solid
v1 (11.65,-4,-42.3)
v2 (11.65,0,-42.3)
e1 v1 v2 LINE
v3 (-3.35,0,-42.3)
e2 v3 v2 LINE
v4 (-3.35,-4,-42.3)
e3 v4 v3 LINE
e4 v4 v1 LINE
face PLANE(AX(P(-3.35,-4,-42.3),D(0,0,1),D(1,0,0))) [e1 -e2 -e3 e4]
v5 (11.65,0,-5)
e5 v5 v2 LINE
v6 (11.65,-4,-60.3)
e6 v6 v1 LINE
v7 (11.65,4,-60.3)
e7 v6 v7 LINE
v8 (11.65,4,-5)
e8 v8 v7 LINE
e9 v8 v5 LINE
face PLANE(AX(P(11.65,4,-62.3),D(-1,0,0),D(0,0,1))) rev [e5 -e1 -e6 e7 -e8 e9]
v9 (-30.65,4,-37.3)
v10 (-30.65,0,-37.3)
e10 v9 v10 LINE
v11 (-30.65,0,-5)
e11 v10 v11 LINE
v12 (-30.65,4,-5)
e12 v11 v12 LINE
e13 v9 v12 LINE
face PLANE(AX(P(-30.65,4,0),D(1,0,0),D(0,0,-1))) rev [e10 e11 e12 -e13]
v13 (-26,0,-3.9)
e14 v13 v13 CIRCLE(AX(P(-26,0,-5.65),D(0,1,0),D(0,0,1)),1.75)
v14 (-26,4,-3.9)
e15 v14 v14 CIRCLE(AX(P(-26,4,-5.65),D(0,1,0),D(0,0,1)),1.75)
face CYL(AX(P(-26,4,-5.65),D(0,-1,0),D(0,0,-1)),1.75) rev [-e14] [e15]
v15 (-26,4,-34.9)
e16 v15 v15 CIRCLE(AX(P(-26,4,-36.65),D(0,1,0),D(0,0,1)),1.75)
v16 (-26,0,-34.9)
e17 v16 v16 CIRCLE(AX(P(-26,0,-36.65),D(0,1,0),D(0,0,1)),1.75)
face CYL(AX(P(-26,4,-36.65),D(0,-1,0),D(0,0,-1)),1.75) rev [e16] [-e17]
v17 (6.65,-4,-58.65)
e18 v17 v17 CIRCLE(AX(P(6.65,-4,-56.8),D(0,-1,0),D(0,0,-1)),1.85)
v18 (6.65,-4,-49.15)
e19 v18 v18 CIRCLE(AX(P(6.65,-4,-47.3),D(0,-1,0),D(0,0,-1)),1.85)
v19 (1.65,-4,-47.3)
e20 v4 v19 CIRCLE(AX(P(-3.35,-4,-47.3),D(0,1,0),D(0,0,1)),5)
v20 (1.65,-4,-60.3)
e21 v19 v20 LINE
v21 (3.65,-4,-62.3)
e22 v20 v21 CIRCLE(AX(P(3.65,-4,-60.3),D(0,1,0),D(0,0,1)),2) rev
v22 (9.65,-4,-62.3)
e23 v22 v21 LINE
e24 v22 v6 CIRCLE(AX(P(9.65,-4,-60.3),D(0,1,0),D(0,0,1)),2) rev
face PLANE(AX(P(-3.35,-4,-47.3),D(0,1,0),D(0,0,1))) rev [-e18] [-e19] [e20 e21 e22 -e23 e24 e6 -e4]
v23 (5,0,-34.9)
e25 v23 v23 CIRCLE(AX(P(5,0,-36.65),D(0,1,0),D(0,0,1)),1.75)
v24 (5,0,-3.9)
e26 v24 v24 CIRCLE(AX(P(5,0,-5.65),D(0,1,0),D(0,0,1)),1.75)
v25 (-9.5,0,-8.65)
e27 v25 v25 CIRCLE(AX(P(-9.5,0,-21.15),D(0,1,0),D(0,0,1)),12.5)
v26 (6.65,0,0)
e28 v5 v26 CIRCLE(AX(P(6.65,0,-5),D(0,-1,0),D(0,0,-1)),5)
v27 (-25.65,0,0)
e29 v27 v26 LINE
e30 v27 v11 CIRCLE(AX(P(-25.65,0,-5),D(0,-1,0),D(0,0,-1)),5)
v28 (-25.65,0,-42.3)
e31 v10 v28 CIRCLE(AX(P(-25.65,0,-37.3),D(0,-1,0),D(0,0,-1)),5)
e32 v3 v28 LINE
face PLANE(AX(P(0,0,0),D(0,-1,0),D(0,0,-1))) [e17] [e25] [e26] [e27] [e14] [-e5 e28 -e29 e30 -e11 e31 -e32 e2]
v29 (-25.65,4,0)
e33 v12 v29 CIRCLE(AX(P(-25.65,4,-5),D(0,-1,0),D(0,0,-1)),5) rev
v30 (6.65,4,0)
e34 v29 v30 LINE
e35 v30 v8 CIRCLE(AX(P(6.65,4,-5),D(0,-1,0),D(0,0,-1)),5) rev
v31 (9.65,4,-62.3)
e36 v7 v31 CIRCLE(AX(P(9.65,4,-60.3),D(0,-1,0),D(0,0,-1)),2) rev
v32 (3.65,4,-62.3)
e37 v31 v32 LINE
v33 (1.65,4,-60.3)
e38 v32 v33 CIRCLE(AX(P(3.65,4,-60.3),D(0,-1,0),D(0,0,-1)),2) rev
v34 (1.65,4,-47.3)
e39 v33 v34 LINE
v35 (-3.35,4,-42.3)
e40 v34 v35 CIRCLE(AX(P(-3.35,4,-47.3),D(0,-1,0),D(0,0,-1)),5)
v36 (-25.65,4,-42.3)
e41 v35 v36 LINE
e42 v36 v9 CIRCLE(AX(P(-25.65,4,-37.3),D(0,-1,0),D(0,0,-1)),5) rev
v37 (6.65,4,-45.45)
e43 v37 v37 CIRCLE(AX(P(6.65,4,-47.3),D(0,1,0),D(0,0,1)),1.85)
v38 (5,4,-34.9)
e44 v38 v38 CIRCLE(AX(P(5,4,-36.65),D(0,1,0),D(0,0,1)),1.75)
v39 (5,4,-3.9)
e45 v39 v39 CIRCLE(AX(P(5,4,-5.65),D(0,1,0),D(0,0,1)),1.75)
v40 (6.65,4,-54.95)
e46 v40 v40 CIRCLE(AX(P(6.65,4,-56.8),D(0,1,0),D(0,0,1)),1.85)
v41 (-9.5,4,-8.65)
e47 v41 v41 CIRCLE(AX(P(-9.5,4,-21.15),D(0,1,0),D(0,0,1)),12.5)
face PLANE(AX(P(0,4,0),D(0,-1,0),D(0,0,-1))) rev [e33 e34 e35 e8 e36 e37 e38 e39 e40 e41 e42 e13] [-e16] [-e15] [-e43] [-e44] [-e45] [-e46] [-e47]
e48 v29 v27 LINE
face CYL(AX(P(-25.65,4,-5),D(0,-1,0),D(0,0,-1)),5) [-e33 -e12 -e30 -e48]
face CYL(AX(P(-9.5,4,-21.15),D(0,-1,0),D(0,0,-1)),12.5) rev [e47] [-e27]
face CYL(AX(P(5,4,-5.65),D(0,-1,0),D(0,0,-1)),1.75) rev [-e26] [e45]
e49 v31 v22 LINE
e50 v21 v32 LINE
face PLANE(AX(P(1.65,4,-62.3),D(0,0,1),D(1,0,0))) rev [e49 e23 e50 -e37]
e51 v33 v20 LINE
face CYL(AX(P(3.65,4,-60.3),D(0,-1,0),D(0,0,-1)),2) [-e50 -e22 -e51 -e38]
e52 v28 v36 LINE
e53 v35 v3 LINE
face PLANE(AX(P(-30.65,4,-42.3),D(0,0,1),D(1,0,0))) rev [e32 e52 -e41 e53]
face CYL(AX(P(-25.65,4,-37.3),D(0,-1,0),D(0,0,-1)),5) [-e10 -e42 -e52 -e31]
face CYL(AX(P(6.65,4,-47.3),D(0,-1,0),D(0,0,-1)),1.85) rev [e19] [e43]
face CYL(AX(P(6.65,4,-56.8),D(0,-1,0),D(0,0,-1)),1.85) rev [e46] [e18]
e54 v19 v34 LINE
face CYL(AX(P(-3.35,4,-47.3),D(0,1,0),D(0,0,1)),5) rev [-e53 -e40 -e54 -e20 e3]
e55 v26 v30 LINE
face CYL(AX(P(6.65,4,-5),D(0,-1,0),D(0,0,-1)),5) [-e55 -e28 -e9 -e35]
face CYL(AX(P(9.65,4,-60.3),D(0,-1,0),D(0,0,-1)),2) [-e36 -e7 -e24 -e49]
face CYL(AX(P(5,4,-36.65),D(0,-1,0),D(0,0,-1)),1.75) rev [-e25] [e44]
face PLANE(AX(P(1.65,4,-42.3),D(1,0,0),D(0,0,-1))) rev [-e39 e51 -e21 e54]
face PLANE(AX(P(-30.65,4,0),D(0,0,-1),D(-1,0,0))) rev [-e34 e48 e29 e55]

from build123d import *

# Parameters (mm, degrees)
SKETCH2_R           = 1.75
SKETCH2_R_2         = 12.5
SKETCH2_R_3         = 1.85
BOSS_EXTRUDE1_DEPTH = 4
FILLET1_R           = 5
FILLET8_R           = 5
SKETCH5_R           = 1.85
BOSS_EXTRUDE2_DEPTH = 4
FILLET10_R          = 2


with BuildPart() as part:
    # Sketch2 → Boss-Extrude1 (new body)
    with BuildSketch(Plane(origin=(0, 0, 0), x_dir=(1, 0, 0), z_dir=(0, 1, 0))):
        Polygon((-30.65, 0), (-30.65, 42.3), (1.65, 42.3), (1.65, 62.3), (11.65, 62.3), (11.65, 42.3), (11.65, 0), align=None)
        with Locations((5, 5.65)):
            Circle(SKETCH2_R, mode=Mode.SUBTRACT)
        with Locations((5, 36.65)):
            Circle(SKETCH2_R, mode=Mode.SUBTRACT)
        with Locations((-26, 5.65)):
            Circle(SKETCH2_R, mode=Mode.SUBTRACT)
        with Locations((-26, 36.65)):
            Circle(SKETCH2_R, mode=Mode.SUBTRACT)
        with Locations((-9.5, 21.15)):
            Circle(SKETCH2_R_2, mode=Mode.SUBTRACT)
        with Locations((6.65, 56.8)):
            Circle(SKETCH2_R_3, mode=Mode.SUBTRACT)
        with Locations((6.65, 47.3)):
            Circle(SKETCH2_R_3, mode=Mode.SUBTRACT)
    extrude(amount=BOSS_EXTRUDE1_DEPTH)

    # Fillet1
    fillet1_edges = [part.edges().sort_by_distance(p)[0] for p in [
        (11.65, 2, 0),
        (-30.65, 2, 0),
        (-30.65, 2, -42.3),
    ]]
    fillet(fillet1_edges, radius=FILLET1_R)

    # Fillet8
    fillet8_edges = [part.edges().sort_by_distance(p)[0] for p in [
        (1.65, 2, -42.3),
    ]]
    fillet(fillet8_edges, radius=FILLET8_R)

    # Sketch5 → Boss-Extrude2 (add)
    with BuildSketch(Plane.XZ):
        with BuildLine():
            Line((11.65, -62.3), (1.65, -62.3))
            Line((1.65, -62.3), (1.65, -47.3))
            ThreePointArc((1.65, -47.3), (0.185533906, -43.764466094), (-3.35, -42.3))
            Line((-3.35, -42.3), (11.65, -42.3))
            Line((11.65, -42.3), (11.65, -62.3))
        make_face()
        with Locations((6.65, -47.3)):
            Circle(SKETCH5_R, mode=Mode.SUBTRACT)
        with Locations((6.65, -56.8)):
            Circle(SKETCH5_R, mode=Mode.SUBTRACT)
    extrude(amount=BOSS_EXTRUDE2_DEPTH)

    # Fillet10
    fillet10_edges = [part.edges().sort_by_distance(p)[0] for p in [
        (1.65, 0, -62.3),
        (11.65, 0, -62.3),
    ]]
    fillet(fillet10_edges, radius=FILLET10_R)


solid = part.part
